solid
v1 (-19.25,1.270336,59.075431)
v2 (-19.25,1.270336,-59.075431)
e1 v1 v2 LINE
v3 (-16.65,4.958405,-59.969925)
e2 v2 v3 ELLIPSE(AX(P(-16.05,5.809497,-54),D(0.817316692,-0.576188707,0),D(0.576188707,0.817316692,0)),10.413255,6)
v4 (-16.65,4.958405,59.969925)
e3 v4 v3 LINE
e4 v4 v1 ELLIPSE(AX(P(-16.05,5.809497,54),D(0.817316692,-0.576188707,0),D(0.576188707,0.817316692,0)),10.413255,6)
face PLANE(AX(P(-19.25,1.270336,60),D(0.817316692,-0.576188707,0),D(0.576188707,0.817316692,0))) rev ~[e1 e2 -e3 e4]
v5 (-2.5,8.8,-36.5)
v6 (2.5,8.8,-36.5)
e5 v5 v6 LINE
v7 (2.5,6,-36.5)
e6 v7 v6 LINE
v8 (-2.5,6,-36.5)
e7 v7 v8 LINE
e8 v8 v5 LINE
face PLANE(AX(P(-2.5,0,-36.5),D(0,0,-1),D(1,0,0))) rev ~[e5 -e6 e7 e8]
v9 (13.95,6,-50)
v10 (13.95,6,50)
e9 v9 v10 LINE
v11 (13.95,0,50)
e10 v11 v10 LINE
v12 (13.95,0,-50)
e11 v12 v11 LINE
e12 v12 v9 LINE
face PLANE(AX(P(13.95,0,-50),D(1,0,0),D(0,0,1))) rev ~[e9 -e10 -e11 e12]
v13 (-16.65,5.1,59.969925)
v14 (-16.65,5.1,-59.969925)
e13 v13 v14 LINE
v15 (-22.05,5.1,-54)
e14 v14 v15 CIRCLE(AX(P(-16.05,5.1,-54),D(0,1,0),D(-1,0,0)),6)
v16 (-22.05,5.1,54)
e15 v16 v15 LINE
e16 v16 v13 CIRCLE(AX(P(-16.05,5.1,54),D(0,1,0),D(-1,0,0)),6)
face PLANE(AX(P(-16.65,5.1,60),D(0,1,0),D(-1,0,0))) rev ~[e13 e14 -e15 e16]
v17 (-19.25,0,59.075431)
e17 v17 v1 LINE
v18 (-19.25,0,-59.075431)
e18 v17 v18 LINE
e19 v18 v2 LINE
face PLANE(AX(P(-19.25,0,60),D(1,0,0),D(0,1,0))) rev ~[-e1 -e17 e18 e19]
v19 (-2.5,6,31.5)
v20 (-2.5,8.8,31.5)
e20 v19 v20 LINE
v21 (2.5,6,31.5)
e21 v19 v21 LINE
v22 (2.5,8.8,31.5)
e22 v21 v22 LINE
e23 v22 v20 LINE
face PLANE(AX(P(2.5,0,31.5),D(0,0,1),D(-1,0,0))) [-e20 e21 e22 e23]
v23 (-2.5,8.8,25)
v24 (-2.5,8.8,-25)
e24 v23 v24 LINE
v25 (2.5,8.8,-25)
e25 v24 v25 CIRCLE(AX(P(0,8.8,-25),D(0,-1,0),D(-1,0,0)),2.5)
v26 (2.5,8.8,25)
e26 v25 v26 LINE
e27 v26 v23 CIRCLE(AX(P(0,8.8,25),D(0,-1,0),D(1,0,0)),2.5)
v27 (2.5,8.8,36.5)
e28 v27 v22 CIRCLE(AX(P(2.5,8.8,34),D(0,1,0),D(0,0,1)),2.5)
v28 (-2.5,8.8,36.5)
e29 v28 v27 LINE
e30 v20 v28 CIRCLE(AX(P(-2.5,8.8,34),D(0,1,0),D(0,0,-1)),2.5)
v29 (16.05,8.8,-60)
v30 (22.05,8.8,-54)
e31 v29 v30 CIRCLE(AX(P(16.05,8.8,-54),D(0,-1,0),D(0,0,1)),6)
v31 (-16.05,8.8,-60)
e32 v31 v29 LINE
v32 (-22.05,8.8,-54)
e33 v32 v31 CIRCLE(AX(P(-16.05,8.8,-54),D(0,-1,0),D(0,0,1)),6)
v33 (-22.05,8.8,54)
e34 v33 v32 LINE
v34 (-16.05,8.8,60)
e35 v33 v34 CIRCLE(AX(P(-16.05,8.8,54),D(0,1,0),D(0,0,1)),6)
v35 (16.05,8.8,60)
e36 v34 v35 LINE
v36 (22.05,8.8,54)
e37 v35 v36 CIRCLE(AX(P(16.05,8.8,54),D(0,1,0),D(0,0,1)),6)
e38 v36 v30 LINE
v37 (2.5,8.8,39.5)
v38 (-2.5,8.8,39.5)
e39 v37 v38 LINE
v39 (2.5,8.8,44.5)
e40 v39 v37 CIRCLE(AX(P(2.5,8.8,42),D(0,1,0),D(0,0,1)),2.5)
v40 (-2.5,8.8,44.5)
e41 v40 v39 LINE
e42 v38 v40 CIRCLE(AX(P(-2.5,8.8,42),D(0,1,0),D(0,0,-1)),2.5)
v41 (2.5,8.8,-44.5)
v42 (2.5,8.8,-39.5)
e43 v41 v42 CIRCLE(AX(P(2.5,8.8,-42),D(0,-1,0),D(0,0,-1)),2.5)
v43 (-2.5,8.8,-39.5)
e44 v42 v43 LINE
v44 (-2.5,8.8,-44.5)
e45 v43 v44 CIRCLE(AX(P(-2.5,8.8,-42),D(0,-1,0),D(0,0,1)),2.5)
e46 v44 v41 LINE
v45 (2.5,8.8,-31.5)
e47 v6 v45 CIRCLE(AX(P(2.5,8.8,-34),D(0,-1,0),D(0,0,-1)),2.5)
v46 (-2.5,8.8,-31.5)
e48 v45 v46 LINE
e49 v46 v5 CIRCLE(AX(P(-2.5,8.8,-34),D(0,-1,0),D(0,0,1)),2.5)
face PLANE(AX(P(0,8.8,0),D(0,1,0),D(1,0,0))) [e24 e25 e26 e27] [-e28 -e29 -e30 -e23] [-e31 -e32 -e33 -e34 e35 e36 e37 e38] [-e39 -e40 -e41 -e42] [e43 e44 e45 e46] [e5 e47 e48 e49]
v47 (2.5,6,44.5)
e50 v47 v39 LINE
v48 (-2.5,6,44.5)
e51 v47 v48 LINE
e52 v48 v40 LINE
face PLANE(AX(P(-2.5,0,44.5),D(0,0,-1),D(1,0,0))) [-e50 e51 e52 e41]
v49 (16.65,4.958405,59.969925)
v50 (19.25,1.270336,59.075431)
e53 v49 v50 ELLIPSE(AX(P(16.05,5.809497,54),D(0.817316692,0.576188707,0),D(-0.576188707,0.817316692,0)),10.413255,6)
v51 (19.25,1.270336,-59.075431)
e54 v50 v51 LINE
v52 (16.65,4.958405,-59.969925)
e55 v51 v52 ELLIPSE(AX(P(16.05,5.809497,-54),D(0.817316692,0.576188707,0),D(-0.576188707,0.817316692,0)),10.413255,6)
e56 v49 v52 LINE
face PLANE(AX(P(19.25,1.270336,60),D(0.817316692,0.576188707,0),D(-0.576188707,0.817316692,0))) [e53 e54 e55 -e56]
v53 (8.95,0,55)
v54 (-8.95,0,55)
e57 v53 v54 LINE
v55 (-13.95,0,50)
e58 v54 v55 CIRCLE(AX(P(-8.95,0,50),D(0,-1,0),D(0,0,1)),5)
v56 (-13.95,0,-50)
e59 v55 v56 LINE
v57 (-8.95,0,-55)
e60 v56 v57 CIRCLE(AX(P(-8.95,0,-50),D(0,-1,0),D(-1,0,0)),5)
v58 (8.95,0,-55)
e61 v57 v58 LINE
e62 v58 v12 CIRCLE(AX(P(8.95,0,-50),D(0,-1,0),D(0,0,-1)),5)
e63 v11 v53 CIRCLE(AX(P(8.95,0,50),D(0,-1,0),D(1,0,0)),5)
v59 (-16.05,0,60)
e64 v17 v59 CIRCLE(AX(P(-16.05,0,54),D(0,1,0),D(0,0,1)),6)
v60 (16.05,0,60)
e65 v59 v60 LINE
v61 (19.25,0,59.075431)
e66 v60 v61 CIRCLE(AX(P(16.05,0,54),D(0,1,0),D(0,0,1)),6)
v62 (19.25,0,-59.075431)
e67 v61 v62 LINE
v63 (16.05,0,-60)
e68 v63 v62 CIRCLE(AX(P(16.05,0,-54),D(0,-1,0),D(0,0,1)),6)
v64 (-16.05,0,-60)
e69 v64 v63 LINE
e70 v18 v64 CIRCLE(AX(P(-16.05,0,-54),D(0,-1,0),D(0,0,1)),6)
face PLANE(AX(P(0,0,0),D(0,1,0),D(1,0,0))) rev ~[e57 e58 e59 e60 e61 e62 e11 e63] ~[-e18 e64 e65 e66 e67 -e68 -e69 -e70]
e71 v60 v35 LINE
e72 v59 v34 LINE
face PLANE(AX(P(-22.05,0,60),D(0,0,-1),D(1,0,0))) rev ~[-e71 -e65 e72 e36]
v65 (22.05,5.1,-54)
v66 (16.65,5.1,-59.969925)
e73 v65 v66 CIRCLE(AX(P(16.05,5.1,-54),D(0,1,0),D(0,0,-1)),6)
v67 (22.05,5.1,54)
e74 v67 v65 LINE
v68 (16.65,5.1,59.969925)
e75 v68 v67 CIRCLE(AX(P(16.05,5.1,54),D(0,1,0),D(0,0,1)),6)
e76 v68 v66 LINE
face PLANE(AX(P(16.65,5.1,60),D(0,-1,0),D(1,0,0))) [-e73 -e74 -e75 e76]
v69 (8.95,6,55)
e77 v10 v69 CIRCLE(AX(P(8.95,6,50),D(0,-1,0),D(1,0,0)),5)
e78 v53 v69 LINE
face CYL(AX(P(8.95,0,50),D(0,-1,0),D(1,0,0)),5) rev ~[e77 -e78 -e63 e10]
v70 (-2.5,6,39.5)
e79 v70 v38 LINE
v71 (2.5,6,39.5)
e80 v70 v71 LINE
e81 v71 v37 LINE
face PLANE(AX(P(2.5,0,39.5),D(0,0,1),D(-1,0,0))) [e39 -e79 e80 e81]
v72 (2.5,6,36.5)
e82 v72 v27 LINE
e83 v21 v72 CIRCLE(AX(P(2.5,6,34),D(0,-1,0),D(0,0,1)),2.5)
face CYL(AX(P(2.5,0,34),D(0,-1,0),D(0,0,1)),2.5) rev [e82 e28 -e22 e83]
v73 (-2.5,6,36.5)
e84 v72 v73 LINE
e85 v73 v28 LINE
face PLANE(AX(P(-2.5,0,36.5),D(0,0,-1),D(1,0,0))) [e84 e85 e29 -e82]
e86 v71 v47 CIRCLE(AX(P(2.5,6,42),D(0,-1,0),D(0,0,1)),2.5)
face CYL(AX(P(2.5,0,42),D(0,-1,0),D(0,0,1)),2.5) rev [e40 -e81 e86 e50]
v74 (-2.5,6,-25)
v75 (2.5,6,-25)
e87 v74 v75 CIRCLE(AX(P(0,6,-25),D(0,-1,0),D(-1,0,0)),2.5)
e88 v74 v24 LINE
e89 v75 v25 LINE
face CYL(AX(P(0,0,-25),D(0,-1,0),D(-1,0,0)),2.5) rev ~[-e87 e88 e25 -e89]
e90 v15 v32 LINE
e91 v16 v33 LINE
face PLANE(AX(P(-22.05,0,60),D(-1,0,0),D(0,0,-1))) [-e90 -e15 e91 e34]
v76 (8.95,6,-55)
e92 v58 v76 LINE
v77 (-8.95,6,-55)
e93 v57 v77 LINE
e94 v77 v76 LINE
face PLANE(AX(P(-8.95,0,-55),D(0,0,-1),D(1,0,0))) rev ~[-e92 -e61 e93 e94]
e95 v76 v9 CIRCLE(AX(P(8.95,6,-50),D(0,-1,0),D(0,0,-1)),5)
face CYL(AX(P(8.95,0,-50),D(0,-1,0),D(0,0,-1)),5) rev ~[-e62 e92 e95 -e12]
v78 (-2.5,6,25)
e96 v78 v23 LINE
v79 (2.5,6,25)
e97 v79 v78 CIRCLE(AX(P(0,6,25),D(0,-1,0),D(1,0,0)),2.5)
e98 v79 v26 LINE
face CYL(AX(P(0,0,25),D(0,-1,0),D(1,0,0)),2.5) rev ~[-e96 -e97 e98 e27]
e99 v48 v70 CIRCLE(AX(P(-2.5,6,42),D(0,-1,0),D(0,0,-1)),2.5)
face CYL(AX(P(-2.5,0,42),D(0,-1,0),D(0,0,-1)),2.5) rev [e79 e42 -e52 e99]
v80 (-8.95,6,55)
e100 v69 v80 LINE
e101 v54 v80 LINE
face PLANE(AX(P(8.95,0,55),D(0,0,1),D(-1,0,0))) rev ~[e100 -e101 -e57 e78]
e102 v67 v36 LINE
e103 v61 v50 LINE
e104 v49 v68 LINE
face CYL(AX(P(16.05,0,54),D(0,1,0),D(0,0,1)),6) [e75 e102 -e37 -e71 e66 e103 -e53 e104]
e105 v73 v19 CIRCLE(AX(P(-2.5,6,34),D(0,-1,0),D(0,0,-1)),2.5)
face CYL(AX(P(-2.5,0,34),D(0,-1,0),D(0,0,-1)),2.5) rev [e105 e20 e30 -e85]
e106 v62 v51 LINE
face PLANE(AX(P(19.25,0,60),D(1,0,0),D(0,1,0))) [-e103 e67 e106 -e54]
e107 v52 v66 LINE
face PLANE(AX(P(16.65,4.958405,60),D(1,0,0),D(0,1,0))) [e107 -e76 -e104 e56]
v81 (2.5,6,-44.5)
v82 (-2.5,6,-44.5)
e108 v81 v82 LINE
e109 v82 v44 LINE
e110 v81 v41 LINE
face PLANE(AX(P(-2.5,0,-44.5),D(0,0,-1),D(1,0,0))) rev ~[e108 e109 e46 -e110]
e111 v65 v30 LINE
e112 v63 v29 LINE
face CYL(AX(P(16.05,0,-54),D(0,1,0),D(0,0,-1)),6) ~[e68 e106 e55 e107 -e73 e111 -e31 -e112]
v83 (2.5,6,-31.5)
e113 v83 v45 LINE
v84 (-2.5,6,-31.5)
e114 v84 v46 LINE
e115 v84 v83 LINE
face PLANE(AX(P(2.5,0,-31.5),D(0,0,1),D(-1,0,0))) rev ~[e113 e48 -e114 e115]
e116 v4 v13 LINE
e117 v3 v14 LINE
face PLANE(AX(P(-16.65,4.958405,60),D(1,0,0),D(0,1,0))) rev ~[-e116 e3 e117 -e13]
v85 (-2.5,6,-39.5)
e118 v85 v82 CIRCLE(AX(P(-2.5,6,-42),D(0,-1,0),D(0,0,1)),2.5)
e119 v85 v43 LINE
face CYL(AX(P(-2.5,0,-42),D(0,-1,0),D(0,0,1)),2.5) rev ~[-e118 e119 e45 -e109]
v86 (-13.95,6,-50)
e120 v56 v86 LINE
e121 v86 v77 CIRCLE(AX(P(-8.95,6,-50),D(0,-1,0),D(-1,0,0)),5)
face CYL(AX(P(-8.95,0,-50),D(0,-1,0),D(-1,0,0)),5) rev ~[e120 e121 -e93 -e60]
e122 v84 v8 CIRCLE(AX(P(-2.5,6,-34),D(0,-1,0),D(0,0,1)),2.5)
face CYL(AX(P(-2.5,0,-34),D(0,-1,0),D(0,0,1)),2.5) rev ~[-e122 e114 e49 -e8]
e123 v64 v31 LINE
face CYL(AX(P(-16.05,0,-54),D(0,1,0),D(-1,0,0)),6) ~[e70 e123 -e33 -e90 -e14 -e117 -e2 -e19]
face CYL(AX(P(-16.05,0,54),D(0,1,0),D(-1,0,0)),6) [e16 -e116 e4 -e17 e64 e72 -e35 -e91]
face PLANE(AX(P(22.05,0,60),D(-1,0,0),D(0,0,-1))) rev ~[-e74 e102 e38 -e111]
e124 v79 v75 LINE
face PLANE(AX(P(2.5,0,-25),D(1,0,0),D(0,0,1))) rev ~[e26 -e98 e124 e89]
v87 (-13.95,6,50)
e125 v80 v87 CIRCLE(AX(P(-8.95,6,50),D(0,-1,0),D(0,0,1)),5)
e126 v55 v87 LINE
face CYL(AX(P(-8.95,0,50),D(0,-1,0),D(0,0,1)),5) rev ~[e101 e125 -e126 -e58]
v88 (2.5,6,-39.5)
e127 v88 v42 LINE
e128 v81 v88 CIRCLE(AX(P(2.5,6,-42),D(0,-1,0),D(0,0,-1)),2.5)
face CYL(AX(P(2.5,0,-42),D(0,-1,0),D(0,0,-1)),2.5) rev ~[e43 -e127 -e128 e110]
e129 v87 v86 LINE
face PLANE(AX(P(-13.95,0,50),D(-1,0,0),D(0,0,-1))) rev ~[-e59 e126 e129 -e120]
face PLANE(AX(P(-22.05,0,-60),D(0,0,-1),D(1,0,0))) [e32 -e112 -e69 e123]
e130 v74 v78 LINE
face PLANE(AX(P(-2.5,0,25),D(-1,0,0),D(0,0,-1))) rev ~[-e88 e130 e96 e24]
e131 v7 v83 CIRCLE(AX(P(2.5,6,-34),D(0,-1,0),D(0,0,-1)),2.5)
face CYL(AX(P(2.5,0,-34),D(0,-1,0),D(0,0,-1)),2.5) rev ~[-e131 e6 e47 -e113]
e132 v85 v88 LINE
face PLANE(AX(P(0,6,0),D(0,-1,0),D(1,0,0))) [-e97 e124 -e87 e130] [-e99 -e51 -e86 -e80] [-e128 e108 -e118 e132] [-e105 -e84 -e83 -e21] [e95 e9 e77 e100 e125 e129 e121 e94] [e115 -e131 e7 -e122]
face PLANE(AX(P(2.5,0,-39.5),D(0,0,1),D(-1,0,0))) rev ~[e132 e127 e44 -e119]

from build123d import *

# Parameters (mm, degrees)
SKETCH1_W           = 44.1
SKETCH1_H           = 120
BOSS_EXTRUDE1_DEPTH = 8.8
FILLET1_R           = 6
CUT_EXTRUDE1_DEPTH  = 121
CUT_EXTRUDE2_DEPTH  = 6


with BuildPart() as part:
    # Sketch1 → Boss-Extrude1 (new body)
    with BuildSketch(Plane(origin=(0, 0, 0), x_dir=(1, 0, 0), z_dir=(0, 1, 0))):
        Rectangle(SKETCH1_W, SKETCH1_H)
        with BuildLine():
            Line((-2.5, -25), (-2.5, 25))
            ThreePointArc((-2.5, 25), (0, 27.5), (2.5, 25))
            Line((2.5, 25), (2.5, -25))
            ThreePointArc((2.5, -25), (0, -27.5), (-2.5, -25))
        make_face(mode=Mode.SUBTRACT)
        with BuildLine():
            Line((-2.5, 36.5), (2.5, 36.5))
            ThreePointArc((2.5, 36.5), (5, 34), (2.5, 31.5))
            Line((2.5, 31.5), (-2.5, 31.5))
            ThreePointArc((-2.5, 31.5), (-5, 34), (-2.5, 36.5))
        make_face(mode=Mode.SUBTRACT)
        with BuildLine():
            Line((-2.5, 44.5), (2.5, 44.5))
            ThreePointArc((2.5, 44.5), (5, 42), (2.5, 39.5))
            Line((2.5, 39.5), (-2.5, 39.5))
            ThreePointArc((-2.5, 39.5), (-5, 42), (-2.5, 44.5))
        make_face(mode=Mode.SUBTRACT)
        with BuildLine():
            Line((-2.5, -44.5), (2.5, -44.5))
            ThreePointArc((2.5, -44.5), (5, -42), (2.5, -39.5))
            Line((2.5, -39.5), (-2.5, -39.5))
            ThreePointArc((-2.5, -39.5), (-5, -42), (-2.5, -44.5))
        make_face(mode=Mode.SUBTRACT)
        with BuildLine():
            Line((-2.5, -36.5), (2.5, -36.5))
            ThreePointArc((2.5, -36.5), (5, -34), (2.5, -31.5))
            Line((2.5, -31.5), (-2.5, -31.5))
            ThreePointArc((-2.5, -31.5), (-5, -34), (-2.5, -36.5))
        make_face(mode=Mode.SUBTRACT)
    extrude(amount=BOSS_EXTRUDE1_DEPTH)

    # Fillet1
    fillet1_edges = [part.edges().sort_by_distance(p)[0] for p in [
        (22.05, 4.4, 60),
        (-22.05, 4.4, 60),
        (-22.05, 4.4, -60),
        (22.05, 4.4, -60),
    ]]
    fillet(fillet1_edges, radius=FILLET1_R)

    # Sketch2 → Cut-Extrude1 (cut, through all)
    with BuildSketch(Plane.XY.offset(60)):
        Polygon((19.25, 0), (19.25, 1.270336268), (16.65, 4.958404732), (16.65, 5.1), (22.05, 5.1), (22.05, 0), align=None)
        Polygon((-22.05, 0), (-19.25, 0), (-19.25, 1.270336268), (-16.65, 4.958404732), (-16.65, 5.1), (-22.05, 5.1), align=None)
    extrude(amount=-CUT_EXTRUDE1_DEPTH, mode=Mode.SUBTRACT)

    # Sketch3 → Cut-Extrude2 (cut)
    with BuildSketch(Plane.XZ):
        with BuildLine():
            Line((-8.95, -55), (8.95, -55))
            ThreePointArc((8.95, -55), (12.485533906, -53.535533906), (13.95, -50))
            Line((13.95, -50), (13.95, 50))
            ThreePointArc((13.95, 50), (12.485533906, 53.535533906), (8.95, 55))
            Line((8.95, 55), (-8.95, 55))
            ThreePointArc((-8.95, 55), (-12.485533906, 53.535533906), (-13.95, 50))
            Line((-13.95, 50), (-13.95, -50))
            ThreePointArc((-13.95, -50), (-12.485533906, -53.535533906), (-8.95, -55))
        make_face()
    extrude(amount=-CUT_EXTRUDE2_DEPTH, mode=Mode.SUBTRACT)


solid = part.part
